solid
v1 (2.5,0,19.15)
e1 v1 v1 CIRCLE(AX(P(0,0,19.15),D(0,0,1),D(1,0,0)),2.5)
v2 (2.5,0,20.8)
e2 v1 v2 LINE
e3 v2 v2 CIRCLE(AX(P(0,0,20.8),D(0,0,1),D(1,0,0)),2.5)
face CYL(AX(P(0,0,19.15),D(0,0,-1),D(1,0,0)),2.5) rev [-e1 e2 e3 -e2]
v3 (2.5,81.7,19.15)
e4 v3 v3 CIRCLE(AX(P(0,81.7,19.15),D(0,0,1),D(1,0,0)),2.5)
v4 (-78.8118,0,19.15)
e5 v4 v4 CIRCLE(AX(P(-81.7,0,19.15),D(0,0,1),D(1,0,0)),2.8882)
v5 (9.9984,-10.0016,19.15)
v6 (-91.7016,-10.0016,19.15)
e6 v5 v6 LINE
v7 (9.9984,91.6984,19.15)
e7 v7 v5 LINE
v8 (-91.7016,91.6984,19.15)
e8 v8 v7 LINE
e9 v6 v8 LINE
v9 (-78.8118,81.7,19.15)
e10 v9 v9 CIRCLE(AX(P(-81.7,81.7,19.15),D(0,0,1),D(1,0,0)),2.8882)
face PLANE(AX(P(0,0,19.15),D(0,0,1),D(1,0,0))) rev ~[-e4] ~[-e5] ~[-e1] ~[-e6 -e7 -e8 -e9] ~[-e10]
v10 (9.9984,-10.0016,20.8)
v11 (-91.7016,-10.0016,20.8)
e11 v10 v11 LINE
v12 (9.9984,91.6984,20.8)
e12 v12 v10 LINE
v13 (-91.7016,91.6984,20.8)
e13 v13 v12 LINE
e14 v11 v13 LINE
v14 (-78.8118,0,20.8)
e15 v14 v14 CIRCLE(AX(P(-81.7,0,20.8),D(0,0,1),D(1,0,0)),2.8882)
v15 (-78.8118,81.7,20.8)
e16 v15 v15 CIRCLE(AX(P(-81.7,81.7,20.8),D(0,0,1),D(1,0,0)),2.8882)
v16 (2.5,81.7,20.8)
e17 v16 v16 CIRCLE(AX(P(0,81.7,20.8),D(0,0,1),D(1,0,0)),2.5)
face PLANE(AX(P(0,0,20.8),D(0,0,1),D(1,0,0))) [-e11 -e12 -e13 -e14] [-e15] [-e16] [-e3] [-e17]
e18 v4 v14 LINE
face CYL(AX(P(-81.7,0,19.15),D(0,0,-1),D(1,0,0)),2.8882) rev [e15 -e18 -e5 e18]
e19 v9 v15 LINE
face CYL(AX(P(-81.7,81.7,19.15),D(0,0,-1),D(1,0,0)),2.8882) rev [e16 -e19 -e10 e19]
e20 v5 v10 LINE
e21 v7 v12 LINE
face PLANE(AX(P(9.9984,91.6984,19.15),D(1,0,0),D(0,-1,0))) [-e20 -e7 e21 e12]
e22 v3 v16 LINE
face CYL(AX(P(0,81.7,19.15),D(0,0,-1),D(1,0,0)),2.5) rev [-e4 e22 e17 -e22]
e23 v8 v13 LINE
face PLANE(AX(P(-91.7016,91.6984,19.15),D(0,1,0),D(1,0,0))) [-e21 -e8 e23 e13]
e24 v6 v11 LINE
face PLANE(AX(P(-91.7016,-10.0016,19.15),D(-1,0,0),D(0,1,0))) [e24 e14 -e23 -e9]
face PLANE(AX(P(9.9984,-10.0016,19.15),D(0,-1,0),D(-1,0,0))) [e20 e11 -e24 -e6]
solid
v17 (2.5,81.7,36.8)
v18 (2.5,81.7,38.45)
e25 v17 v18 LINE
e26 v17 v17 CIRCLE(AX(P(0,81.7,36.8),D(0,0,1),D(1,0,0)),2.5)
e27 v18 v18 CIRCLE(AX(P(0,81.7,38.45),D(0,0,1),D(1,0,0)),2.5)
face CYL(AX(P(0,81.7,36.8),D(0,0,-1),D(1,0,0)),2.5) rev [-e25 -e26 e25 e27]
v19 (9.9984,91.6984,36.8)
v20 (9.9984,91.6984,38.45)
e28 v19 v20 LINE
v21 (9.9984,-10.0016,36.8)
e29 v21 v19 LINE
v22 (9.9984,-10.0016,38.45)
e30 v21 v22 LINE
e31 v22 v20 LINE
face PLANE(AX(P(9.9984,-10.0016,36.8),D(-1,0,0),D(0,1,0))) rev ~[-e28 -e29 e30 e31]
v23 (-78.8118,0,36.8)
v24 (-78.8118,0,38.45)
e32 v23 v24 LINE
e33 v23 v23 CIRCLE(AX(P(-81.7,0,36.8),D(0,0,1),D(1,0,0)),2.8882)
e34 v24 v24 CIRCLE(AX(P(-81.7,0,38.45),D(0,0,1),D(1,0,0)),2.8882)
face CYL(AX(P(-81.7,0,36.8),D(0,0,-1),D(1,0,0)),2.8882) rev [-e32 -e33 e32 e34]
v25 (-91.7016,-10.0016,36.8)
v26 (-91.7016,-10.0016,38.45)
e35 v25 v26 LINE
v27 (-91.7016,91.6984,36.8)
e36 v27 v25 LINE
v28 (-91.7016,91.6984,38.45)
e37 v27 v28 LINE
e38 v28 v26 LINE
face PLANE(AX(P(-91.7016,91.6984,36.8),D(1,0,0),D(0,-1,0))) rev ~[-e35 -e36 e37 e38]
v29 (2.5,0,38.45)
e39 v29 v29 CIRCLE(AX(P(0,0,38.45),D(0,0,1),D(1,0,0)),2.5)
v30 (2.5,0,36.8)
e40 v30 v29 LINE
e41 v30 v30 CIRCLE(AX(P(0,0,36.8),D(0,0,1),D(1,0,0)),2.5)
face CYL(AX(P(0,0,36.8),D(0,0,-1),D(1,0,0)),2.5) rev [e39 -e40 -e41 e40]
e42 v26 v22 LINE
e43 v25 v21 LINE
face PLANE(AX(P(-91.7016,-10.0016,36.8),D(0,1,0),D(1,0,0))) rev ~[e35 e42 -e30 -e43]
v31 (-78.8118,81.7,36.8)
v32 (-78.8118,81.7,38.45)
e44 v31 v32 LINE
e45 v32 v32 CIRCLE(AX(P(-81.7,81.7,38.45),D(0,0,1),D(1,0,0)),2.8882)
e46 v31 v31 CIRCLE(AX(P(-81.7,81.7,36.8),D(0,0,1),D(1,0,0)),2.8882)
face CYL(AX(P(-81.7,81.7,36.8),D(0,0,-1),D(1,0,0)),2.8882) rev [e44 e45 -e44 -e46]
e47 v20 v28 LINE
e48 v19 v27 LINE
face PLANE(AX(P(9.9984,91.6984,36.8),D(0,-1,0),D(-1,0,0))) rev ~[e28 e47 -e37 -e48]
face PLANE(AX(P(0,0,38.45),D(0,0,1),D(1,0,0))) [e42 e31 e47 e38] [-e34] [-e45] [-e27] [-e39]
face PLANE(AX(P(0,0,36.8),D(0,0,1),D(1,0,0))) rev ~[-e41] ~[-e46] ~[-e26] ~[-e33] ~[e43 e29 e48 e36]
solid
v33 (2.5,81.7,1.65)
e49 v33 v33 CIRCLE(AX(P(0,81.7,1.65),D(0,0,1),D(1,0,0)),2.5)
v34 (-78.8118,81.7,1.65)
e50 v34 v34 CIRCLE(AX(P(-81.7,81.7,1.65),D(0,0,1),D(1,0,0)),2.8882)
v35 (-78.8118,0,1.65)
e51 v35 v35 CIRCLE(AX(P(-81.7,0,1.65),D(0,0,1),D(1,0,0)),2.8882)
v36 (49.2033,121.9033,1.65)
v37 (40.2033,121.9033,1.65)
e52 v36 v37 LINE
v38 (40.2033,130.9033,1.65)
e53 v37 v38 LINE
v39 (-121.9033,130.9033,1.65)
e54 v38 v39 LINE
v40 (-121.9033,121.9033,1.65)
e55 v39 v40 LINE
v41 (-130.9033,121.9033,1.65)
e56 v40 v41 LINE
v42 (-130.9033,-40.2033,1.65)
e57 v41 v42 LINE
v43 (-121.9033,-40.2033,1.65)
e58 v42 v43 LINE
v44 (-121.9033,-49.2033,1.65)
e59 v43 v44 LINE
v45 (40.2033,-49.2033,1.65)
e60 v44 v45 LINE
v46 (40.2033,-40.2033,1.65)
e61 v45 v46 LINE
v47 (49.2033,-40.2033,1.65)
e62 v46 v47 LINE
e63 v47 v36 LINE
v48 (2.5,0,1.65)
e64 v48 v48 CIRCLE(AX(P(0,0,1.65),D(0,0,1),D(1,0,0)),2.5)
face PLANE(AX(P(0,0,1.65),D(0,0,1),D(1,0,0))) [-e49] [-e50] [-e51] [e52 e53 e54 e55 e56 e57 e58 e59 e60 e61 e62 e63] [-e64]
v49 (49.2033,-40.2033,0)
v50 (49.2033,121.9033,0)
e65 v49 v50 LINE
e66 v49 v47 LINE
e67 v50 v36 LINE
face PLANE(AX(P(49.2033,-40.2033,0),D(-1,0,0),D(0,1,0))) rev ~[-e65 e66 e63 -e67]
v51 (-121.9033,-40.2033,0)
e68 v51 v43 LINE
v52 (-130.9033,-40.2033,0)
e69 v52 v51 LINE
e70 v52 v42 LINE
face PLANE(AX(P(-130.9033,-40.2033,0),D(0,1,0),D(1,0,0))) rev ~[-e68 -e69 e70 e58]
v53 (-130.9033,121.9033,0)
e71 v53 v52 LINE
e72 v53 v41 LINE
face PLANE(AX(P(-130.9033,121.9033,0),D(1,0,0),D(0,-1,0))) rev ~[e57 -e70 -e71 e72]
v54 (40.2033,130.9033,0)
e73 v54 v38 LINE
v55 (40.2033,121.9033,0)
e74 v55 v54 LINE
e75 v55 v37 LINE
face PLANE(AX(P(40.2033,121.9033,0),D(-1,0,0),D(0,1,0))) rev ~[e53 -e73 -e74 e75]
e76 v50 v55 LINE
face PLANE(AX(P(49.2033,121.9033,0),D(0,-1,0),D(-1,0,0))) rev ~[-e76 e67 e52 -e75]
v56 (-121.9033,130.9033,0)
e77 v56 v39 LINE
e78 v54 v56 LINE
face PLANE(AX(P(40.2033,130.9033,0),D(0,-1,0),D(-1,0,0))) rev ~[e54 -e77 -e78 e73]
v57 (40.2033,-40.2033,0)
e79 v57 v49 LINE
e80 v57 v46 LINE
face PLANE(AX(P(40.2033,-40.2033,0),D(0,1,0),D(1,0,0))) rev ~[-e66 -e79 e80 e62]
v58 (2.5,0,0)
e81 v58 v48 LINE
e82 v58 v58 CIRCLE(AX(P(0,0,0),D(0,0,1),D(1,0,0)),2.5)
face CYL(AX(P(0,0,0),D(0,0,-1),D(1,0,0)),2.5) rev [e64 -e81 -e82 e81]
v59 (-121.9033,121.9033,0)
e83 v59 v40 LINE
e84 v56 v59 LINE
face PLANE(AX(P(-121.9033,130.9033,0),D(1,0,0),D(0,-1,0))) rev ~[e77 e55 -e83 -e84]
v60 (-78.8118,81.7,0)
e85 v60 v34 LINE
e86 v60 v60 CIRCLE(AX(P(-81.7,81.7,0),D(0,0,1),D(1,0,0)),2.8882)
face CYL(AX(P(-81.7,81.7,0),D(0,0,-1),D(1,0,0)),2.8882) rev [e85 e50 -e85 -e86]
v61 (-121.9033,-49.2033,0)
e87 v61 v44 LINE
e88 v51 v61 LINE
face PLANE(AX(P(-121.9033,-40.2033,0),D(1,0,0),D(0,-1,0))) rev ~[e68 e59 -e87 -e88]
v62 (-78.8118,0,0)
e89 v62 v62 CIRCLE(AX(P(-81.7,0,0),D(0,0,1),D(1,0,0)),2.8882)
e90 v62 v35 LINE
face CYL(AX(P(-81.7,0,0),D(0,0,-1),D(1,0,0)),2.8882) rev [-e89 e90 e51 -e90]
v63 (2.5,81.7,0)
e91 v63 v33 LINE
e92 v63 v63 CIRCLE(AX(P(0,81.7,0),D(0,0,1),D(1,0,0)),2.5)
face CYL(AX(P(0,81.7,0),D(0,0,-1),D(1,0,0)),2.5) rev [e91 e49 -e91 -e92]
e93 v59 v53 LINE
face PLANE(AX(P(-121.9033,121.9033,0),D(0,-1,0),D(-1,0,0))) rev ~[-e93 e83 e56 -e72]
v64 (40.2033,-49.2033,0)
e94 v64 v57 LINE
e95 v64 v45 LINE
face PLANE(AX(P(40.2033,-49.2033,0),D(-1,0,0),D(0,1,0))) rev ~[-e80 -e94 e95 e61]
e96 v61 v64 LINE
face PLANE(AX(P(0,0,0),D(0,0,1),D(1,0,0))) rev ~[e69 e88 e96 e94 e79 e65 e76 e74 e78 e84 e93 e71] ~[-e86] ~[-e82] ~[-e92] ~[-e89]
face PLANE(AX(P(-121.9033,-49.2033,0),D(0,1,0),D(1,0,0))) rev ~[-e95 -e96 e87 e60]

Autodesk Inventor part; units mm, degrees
ref_plane "YZ Plane" through (0, 0, 0) normal (1, 0, 0) x (0, 1, 0)
sketch "Boceto1" plane through (0, 0, 0) normal (0, 0, 1) x (1, 0, 0)
  line L0 (-121.9033, -49.2033) -> (40.2033, -49.2033) projected
  line L1 (40.2033, -49.2033) -> (40.2033, -40.2033) projected
  line L2 (40.2033, -40.2033) -> (49.2033, -40.2033) projected
  line L3 (49.2033, -40.2033) -> (49.2033, 121.9033) projected
  line L4 (49.2033, 121.9033) -> (40.2033, 121.9033) projected
  line L5 (40.2033, 121.9033) -> (40.2033, 130.9033) projected
  line L6 (40.2033, 130.9033) -> (-121.9033, 130.9033) projected
  line L7 (-121.9033, 130.9033) -> (-121.9033, 121.9033) projected
  line L8 (-130.9033, 121.9033) -> (-130.9033, -40.2033) projected
  line L9 (-121.9033, 121.9033) -> (-130.9033, 121.9033) projected
  line L10 (-130.9033, -40.2033) -> (-121.9033, -40.2033) projected
  line L11 (-121.9033, -40.2033) -> (-121.9033, -49.2033) projected
  circle A0 centre (0, 0) radius 2.5 projected
  circle A1 centre (-81.7, 0) radius 2.8882 projected
  circle A2 centre (0, 81.7) radius 2.5 projected
  circle A3 centre (-81.7, 81.7) radius 2.8882 projected
  point P0 (0, 0)
extrude "Extrusión2" add sketch "Boceto1" along normal blind 1.65
ref_plane "Plano de trabajo1" through (0, 0, 19.15) normal (0, 0, 1) x (1, 0, 0)
sketch "Boceto2" plane through (0, 0, 19.15) normal (0, 0, 1) x (1, 0, 0)
  line L0 (40.2033, -49.2033) -> (40.2033, -40.2033) construction
  line L1 (40.2033, -40.2033) -> (49.2033, -40.2033) construction
  line L2 (49.2033, -40.2033) -> (49.2033, 121.9033) construction
  line L3 (49.2033, 121.9033) -> (40.2033, 121.9033) construction
  line L4 (40.2033, 121.9033) -> (40.2033, 130.9033) construction
  line L5 (40.2033, 130.9033) -> (-121.9033, 130.9033) construction
  line L6 (-121.9033, 130.9033) -> (-121.9033, 121.9033) construction
  line L7 (-121.9033, 121.9033) -> (-130.9033, 121.9033) construction
  line L8 (-130.9033, 121.9033) -> (-130.9033, -40.2033) construction
  line L9 (-130.9033, -40.2033) -> (-121.9033, -40.2033) construction
  line L10 (-121.9033, -40.2033) -> (-121.9033, -49.2033) construction
  line L11 (-121.9033, -49.2033) -> (40.2033, -49.2033) construction
  circle A0 centre (0, 0) radius 2.5 projected
  circle A1 centre (-81.7, 0) radius 2.8882 projected
  circle A2 centre (0, 81.7) radius 2.5 projected
  circle A3 centre (-81.7, 81.7) radius 2.8882 projected
  line L12 (-91.7016, 91.6984) -> (9.9984, 91.6984)
  line L13 (9.9984, 91.6984) -> (9.9984, -10.0016)
  line L14 (9.9984, -10.0016) -> (-91.7016, -10.0016)
  line L15 (-91.7016, -10.0016) -> (-91.7016, 91.6984)
  line L16 (-91.7016, 91.6984) -> (9.9984, -10.0016) construction
  line L17 (9.9984, 91.6984) -> (-91.7016, -10.0016) construction
  point P0 (0, 0)
  point P1 (-40.8516, 40.8484)
  dimension "d5" = 101.7
  dimension "d6" = 101.7
  dimension "d7" = 39.2049
  dimension "d8" = 39.2017
  dimension "d9" = 39.2049
extrude "Extrusión3" add sketch "Boceto2" along normal blind 1.65
ref_plane "Plano de trabajo2" through (0, 0, 36.8) normal (0, 0, 1) x (1, 0, 0)
sketch "Boceto3" plane through (0, 0, 36.8) normal (0, 0, 1) x (1, 0, 0)
  line L0 (-91.7016, -10.0016) -> (9.9984, -10.0016) projected
  line L1 (9.9984, -10.0016) -> (9.9984, 91.6984) projected
  line L2 (9.9984, 91.6984) -> (-91.7016, 91.6984) projected
  line L3 (-91.7016, 91.6984) -> (-91.7016, -10.0016) projected
  circle A0 centre (-81.7, 81.7) radius 2.8882 projected
  circle A1 centre (0, 81.7) radius 2.5 projected
  circle A2 centre (-81.7, 0) radius 2.8882 projected
  circle A3 centre (0, 0) radius 2.5 projected
  point P0 (0, 0)
extrude "Extrusión4" add sketch "Boceto3" along normal blind 1.65
properties part number "PCB_COM_BAT"
